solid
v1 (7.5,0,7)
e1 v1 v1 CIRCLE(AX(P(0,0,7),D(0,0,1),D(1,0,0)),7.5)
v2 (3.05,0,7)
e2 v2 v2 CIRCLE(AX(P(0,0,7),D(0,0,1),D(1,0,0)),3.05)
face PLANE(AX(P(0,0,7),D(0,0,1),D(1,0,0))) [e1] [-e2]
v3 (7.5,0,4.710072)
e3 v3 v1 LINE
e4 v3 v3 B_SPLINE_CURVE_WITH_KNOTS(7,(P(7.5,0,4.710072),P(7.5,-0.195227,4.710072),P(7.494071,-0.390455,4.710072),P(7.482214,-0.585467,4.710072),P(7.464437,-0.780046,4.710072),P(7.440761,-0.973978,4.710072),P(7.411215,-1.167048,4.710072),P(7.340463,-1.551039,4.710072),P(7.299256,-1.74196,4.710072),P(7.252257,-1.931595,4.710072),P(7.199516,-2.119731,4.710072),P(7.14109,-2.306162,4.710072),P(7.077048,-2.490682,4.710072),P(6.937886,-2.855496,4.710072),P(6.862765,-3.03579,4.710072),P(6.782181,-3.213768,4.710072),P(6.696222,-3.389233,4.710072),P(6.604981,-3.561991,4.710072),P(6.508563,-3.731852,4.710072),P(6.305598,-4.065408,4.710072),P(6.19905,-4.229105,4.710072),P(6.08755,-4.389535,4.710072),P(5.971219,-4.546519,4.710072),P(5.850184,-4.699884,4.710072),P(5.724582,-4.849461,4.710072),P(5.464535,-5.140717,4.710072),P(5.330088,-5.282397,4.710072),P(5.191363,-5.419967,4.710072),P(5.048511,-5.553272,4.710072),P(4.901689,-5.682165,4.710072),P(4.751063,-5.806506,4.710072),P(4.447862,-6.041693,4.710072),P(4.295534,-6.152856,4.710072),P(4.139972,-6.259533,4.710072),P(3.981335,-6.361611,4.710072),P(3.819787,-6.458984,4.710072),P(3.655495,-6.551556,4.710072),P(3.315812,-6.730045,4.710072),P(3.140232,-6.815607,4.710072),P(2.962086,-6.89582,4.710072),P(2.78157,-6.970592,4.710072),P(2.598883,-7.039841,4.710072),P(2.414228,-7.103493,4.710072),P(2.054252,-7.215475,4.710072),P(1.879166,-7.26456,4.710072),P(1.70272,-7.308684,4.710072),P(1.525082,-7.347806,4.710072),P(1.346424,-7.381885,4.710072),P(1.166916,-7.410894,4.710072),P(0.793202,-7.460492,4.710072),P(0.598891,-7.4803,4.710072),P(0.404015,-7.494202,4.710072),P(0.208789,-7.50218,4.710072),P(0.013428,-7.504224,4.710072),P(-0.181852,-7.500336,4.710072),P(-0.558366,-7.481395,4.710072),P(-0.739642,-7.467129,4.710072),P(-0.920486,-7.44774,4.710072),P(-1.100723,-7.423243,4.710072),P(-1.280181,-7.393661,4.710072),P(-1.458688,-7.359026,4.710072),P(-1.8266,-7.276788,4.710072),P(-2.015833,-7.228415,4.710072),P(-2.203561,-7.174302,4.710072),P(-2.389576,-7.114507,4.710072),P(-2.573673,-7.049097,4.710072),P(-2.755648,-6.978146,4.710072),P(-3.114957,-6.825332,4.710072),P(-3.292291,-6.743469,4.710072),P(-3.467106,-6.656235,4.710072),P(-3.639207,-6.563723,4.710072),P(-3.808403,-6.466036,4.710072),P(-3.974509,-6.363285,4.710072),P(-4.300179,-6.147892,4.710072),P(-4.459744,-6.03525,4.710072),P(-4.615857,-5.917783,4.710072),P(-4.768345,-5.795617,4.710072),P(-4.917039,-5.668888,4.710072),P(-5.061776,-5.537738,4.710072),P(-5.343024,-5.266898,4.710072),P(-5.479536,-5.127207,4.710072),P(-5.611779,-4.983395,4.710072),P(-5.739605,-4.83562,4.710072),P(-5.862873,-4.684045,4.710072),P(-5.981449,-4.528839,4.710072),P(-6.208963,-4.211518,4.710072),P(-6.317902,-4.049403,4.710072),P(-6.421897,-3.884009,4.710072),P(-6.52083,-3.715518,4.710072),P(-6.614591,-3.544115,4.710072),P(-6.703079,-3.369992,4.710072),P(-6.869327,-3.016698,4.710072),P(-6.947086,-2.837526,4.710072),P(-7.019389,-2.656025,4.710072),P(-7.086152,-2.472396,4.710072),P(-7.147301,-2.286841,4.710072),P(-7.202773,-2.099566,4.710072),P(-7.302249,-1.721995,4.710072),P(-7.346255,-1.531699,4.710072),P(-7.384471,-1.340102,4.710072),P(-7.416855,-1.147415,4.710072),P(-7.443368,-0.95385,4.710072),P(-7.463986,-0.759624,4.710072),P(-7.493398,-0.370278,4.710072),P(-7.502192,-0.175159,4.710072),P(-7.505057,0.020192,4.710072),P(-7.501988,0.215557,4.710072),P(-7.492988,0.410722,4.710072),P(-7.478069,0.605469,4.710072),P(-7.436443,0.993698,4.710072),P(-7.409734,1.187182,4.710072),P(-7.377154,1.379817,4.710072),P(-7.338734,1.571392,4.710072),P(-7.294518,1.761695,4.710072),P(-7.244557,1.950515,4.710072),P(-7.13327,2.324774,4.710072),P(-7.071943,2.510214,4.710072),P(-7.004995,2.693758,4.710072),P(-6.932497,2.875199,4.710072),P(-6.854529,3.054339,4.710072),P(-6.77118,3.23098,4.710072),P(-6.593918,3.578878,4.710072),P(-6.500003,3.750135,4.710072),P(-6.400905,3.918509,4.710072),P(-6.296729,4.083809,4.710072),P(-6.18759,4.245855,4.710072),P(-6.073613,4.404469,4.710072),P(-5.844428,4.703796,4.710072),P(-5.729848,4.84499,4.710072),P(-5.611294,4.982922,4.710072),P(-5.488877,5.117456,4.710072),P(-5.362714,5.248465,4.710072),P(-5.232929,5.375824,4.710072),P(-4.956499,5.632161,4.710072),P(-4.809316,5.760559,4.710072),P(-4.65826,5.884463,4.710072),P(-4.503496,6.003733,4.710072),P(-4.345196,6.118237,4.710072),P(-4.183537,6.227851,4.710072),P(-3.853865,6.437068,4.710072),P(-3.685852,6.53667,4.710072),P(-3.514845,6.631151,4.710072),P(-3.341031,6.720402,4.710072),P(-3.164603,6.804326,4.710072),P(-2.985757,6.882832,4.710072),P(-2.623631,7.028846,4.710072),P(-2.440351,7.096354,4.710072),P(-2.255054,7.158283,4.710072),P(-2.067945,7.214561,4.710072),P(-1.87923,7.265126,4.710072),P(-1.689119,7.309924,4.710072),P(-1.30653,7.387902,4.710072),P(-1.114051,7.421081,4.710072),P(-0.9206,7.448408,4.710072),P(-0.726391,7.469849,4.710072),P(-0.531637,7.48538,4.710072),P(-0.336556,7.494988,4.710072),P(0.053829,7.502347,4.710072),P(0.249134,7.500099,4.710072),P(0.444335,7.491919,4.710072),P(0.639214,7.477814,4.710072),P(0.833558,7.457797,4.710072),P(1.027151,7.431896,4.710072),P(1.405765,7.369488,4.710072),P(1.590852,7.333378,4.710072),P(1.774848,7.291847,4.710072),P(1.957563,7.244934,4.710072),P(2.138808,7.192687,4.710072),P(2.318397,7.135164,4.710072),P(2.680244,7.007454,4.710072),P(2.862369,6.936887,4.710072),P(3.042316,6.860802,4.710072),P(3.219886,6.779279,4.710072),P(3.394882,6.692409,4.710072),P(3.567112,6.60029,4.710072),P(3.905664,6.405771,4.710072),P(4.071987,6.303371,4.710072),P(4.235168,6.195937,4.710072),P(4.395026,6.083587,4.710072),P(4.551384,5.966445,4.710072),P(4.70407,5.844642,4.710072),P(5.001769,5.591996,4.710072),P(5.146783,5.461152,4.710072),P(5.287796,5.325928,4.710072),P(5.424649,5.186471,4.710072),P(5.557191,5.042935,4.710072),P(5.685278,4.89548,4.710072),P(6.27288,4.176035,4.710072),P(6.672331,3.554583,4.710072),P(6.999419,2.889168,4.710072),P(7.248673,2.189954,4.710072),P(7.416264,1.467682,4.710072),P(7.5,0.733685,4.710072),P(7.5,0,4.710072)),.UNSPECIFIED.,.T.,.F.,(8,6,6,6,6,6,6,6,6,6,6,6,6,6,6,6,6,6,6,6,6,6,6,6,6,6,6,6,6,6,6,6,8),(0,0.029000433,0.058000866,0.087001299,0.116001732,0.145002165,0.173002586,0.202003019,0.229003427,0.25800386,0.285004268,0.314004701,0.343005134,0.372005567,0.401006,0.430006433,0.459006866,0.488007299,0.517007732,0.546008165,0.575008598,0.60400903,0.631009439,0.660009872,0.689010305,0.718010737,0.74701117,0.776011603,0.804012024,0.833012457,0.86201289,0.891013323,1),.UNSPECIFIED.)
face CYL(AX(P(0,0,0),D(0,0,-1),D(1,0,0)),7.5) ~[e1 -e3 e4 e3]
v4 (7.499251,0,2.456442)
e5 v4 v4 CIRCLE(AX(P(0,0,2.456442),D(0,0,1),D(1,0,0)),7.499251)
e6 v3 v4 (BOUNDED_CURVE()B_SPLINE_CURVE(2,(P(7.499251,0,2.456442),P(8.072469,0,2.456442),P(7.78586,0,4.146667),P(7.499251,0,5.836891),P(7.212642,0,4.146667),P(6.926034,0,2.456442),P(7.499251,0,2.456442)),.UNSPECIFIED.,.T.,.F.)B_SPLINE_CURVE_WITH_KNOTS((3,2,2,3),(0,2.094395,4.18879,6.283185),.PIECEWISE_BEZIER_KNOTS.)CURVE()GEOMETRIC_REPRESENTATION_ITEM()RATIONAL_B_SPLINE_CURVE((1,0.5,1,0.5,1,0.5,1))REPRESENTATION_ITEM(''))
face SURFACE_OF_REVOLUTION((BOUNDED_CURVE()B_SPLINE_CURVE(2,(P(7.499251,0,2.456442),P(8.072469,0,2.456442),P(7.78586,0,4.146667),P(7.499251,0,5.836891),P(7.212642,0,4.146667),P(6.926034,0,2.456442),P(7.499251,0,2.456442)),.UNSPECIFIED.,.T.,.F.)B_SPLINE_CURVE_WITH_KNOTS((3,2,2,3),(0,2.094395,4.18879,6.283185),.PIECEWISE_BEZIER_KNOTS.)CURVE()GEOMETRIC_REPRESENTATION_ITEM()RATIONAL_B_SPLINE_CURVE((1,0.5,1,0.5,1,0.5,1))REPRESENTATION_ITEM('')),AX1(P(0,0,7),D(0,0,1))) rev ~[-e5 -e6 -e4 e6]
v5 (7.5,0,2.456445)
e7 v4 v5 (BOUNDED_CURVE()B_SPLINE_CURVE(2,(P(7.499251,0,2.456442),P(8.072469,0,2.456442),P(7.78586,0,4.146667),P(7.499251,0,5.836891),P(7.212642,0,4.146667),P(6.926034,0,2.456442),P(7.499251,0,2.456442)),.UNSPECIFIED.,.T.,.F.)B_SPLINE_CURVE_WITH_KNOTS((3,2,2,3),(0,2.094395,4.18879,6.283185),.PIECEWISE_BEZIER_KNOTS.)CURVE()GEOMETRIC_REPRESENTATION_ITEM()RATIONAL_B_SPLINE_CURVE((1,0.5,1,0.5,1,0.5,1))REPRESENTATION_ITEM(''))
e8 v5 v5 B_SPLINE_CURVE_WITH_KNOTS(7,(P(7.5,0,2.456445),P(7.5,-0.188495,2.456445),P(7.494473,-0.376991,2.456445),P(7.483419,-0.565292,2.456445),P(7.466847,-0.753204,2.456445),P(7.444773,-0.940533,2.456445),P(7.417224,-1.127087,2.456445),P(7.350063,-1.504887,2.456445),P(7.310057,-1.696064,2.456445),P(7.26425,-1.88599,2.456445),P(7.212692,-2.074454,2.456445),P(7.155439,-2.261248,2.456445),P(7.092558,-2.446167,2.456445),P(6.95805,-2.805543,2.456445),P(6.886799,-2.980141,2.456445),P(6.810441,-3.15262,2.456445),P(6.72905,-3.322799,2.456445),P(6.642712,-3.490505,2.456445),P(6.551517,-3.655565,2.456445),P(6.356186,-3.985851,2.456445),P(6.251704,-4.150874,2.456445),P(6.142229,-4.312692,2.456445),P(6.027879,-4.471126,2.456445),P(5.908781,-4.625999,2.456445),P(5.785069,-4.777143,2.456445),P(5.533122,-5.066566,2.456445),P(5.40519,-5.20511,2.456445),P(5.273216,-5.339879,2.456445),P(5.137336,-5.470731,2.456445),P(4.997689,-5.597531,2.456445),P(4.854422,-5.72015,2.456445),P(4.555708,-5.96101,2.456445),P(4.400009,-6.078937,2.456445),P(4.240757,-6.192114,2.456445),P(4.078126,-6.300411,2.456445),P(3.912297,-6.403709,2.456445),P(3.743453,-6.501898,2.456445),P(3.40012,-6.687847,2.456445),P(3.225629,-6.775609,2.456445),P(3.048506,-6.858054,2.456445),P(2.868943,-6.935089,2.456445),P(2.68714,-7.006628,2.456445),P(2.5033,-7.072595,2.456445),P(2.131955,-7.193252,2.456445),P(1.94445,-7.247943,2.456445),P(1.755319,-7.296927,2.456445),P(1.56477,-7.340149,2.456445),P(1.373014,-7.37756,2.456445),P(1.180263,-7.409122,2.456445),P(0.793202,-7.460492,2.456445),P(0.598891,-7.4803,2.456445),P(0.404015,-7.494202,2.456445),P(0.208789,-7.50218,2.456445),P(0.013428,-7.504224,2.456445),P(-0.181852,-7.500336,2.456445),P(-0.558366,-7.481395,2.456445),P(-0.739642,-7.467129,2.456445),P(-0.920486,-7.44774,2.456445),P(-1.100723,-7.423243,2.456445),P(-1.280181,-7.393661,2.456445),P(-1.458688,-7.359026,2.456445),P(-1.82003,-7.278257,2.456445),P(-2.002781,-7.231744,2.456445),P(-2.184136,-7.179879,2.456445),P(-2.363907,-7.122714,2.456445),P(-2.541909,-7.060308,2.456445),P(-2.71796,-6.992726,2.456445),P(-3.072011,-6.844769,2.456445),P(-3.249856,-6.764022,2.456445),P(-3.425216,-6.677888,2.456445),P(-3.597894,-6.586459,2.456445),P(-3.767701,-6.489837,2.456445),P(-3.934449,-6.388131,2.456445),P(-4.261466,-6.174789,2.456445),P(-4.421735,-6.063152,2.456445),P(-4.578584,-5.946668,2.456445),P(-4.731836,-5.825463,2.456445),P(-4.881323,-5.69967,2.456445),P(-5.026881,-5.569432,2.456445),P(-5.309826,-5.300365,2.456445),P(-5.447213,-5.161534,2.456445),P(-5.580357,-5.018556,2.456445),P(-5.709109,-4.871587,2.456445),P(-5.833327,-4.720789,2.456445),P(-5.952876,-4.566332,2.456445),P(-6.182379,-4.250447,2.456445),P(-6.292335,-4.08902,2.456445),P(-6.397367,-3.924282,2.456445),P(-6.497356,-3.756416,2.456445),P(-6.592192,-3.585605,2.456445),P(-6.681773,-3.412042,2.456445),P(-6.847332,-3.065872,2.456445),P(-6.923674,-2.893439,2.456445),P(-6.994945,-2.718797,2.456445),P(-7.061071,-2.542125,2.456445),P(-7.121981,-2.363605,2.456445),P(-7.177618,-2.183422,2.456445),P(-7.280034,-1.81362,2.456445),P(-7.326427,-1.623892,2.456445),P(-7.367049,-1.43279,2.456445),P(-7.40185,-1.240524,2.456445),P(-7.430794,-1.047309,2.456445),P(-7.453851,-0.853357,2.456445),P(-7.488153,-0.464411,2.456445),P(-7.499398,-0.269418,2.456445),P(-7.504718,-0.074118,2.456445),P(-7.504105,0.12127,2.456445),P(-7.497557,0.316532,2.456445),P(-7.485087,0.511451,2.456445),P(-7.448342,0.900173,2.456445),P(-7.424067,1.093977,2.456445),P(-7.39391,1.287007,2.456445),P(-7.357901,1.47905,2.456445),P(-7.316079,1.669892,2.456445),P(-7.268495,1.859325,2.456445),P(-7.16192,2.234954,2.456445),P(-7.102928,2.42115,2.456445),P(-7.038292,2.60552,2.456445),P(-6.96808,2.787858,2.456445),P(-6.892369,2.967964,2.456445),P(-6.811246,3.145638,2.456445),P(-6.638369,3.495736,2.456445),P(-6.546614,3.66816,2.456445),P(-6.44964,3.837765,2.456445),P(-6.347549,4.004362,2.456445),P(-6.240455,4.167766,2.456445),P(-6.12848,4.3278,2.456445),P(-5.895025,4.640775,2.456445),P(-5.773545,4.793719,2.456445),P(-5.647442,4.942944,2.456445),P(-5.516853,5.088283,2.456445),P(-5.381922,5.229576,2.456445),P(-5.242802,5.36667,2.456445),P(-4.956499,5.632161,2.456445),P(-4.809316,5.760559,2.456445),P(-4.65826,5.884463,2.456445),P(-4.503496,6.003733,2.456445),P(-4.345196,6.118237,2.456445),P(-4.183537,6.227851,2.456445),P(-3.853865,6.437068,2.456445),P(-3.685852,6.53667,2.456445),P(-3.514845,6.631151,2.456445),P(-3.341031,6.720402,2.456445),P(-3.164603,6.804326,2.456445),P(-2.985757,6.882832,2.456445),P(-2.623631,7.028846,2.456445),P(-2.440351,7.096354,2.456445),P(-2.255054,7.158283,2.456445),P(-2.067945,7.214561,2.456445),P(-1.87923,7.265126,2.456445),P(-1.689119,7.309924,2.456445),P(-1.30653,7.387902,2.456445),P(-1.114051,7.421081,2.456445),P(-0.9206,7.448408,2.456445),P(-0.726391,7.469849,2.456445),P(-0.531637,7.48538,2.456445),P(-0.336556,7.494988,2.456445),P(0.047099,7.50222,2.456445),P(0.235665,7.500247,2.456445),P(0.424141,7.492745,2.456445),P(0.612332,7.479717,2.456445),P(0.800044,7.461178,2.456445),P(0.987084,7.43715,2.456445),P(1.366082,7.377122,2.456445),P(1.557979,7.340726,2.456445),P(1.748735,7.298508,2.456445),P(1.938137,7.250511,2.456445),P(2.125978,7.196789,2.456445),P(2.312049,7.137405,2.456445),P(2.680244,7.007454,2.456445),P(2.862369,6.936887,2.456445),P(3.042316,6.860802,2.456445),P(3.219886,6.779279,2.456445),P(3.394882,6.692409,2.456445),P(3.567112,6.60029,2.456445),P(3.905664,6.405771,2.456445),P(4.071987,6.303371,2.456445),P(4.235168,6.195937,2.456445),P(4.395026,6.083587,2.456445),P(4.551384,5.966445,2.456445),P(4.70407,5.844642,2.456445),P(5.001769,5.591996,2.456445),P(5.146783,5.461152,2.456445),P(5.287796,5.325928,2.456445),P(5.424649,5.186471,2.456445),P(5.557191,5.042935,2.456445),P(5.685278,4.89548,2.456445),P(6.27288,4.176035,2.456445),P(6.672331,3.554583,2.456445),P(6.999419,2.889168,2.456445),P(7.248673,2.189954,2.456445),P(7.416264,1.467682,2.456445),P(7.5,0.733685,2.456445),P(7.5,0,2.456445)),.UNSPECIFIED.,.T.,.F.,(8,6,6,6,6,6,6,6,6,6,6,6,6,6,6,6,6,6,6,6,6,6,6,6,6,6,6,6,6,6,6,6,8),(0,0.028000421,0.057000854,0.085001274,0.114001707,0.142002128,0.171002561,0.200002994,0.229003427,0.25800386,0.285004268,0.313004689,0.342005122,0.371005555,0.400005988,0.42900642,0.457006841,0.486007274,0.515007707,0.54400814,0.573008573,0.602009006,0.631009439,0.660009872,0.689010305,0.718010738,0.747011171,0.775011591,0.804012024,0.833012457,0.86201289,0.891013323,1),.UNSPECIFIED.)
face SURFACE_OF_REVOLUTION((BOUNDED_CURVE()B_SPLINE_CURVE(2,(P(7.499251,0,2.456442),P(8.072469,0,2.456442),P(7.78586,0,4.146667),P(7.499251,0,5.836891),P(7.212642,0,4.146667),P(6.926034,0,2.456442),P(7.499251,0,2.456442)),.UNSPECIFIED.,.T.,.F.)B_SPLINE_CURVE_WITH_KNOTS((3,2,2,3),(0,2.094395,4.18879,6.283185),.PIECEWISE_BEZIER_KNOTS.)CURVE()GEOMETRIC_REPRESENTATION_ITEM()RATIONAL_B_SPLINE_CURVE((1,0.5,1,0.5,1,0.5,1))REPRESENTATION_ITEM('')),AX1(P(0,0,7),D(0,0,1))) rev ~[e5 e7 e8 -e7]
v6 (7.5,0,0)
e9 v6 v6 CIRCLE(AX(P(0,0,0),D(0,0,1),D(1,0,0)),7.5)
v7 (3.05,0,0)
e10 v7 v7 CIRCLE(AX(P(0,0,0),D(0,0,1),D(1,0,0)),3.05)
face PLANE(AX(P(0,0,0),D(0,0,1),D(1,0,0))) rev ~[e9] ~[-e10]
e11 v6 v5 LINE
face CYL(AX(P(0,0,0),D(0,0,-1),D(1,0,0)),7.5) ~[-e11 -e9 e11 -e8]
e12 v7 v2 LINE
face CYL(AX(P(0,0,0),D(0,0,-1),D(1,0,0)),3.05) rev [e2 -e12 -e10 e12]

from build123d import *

# Parameters (mm, degrees)
F0_R     = 7.5
F0_R_2   = 3.05
F1_DEPTH = 7


with BuildPart() as f1:
    # F0 (on Top) → F1 (new body)
    with BuildSketch(Plane.XY):
        Circle(F0_R)
        Circle(F0_R_2, mode=Mode.SUBTRACT)
    extrude(amount=F1_DEPTH)

    # F2 (on Front) → F3 (revolve, cut)
    with BuildSketch(Plane.XZ):
        with BuildLine():
            add(Edge.make_bspline(
                [(7.499251, 2.456442), (8.072469, 2.456442), (7.78586, 4.146667), (7.499251, 5.836891), (7.212642, 4.146667), (6.926034, 2.456442), (7.499251, 2.456442)],
                knots=[0, 0, 0, 2.094395, 2.094395, 4.18879, 4.18879, 6.283185, 6.283185, 6.283185], degree=2, weights=[1, 0.5, 1, 0.5, 1, 0.5, 1]))
        make_face()
    revolve(axis=Axis((0, 0, 7), (0, 0, 1)), mode=Mode.SUBTRACT)


solid = f1.part
